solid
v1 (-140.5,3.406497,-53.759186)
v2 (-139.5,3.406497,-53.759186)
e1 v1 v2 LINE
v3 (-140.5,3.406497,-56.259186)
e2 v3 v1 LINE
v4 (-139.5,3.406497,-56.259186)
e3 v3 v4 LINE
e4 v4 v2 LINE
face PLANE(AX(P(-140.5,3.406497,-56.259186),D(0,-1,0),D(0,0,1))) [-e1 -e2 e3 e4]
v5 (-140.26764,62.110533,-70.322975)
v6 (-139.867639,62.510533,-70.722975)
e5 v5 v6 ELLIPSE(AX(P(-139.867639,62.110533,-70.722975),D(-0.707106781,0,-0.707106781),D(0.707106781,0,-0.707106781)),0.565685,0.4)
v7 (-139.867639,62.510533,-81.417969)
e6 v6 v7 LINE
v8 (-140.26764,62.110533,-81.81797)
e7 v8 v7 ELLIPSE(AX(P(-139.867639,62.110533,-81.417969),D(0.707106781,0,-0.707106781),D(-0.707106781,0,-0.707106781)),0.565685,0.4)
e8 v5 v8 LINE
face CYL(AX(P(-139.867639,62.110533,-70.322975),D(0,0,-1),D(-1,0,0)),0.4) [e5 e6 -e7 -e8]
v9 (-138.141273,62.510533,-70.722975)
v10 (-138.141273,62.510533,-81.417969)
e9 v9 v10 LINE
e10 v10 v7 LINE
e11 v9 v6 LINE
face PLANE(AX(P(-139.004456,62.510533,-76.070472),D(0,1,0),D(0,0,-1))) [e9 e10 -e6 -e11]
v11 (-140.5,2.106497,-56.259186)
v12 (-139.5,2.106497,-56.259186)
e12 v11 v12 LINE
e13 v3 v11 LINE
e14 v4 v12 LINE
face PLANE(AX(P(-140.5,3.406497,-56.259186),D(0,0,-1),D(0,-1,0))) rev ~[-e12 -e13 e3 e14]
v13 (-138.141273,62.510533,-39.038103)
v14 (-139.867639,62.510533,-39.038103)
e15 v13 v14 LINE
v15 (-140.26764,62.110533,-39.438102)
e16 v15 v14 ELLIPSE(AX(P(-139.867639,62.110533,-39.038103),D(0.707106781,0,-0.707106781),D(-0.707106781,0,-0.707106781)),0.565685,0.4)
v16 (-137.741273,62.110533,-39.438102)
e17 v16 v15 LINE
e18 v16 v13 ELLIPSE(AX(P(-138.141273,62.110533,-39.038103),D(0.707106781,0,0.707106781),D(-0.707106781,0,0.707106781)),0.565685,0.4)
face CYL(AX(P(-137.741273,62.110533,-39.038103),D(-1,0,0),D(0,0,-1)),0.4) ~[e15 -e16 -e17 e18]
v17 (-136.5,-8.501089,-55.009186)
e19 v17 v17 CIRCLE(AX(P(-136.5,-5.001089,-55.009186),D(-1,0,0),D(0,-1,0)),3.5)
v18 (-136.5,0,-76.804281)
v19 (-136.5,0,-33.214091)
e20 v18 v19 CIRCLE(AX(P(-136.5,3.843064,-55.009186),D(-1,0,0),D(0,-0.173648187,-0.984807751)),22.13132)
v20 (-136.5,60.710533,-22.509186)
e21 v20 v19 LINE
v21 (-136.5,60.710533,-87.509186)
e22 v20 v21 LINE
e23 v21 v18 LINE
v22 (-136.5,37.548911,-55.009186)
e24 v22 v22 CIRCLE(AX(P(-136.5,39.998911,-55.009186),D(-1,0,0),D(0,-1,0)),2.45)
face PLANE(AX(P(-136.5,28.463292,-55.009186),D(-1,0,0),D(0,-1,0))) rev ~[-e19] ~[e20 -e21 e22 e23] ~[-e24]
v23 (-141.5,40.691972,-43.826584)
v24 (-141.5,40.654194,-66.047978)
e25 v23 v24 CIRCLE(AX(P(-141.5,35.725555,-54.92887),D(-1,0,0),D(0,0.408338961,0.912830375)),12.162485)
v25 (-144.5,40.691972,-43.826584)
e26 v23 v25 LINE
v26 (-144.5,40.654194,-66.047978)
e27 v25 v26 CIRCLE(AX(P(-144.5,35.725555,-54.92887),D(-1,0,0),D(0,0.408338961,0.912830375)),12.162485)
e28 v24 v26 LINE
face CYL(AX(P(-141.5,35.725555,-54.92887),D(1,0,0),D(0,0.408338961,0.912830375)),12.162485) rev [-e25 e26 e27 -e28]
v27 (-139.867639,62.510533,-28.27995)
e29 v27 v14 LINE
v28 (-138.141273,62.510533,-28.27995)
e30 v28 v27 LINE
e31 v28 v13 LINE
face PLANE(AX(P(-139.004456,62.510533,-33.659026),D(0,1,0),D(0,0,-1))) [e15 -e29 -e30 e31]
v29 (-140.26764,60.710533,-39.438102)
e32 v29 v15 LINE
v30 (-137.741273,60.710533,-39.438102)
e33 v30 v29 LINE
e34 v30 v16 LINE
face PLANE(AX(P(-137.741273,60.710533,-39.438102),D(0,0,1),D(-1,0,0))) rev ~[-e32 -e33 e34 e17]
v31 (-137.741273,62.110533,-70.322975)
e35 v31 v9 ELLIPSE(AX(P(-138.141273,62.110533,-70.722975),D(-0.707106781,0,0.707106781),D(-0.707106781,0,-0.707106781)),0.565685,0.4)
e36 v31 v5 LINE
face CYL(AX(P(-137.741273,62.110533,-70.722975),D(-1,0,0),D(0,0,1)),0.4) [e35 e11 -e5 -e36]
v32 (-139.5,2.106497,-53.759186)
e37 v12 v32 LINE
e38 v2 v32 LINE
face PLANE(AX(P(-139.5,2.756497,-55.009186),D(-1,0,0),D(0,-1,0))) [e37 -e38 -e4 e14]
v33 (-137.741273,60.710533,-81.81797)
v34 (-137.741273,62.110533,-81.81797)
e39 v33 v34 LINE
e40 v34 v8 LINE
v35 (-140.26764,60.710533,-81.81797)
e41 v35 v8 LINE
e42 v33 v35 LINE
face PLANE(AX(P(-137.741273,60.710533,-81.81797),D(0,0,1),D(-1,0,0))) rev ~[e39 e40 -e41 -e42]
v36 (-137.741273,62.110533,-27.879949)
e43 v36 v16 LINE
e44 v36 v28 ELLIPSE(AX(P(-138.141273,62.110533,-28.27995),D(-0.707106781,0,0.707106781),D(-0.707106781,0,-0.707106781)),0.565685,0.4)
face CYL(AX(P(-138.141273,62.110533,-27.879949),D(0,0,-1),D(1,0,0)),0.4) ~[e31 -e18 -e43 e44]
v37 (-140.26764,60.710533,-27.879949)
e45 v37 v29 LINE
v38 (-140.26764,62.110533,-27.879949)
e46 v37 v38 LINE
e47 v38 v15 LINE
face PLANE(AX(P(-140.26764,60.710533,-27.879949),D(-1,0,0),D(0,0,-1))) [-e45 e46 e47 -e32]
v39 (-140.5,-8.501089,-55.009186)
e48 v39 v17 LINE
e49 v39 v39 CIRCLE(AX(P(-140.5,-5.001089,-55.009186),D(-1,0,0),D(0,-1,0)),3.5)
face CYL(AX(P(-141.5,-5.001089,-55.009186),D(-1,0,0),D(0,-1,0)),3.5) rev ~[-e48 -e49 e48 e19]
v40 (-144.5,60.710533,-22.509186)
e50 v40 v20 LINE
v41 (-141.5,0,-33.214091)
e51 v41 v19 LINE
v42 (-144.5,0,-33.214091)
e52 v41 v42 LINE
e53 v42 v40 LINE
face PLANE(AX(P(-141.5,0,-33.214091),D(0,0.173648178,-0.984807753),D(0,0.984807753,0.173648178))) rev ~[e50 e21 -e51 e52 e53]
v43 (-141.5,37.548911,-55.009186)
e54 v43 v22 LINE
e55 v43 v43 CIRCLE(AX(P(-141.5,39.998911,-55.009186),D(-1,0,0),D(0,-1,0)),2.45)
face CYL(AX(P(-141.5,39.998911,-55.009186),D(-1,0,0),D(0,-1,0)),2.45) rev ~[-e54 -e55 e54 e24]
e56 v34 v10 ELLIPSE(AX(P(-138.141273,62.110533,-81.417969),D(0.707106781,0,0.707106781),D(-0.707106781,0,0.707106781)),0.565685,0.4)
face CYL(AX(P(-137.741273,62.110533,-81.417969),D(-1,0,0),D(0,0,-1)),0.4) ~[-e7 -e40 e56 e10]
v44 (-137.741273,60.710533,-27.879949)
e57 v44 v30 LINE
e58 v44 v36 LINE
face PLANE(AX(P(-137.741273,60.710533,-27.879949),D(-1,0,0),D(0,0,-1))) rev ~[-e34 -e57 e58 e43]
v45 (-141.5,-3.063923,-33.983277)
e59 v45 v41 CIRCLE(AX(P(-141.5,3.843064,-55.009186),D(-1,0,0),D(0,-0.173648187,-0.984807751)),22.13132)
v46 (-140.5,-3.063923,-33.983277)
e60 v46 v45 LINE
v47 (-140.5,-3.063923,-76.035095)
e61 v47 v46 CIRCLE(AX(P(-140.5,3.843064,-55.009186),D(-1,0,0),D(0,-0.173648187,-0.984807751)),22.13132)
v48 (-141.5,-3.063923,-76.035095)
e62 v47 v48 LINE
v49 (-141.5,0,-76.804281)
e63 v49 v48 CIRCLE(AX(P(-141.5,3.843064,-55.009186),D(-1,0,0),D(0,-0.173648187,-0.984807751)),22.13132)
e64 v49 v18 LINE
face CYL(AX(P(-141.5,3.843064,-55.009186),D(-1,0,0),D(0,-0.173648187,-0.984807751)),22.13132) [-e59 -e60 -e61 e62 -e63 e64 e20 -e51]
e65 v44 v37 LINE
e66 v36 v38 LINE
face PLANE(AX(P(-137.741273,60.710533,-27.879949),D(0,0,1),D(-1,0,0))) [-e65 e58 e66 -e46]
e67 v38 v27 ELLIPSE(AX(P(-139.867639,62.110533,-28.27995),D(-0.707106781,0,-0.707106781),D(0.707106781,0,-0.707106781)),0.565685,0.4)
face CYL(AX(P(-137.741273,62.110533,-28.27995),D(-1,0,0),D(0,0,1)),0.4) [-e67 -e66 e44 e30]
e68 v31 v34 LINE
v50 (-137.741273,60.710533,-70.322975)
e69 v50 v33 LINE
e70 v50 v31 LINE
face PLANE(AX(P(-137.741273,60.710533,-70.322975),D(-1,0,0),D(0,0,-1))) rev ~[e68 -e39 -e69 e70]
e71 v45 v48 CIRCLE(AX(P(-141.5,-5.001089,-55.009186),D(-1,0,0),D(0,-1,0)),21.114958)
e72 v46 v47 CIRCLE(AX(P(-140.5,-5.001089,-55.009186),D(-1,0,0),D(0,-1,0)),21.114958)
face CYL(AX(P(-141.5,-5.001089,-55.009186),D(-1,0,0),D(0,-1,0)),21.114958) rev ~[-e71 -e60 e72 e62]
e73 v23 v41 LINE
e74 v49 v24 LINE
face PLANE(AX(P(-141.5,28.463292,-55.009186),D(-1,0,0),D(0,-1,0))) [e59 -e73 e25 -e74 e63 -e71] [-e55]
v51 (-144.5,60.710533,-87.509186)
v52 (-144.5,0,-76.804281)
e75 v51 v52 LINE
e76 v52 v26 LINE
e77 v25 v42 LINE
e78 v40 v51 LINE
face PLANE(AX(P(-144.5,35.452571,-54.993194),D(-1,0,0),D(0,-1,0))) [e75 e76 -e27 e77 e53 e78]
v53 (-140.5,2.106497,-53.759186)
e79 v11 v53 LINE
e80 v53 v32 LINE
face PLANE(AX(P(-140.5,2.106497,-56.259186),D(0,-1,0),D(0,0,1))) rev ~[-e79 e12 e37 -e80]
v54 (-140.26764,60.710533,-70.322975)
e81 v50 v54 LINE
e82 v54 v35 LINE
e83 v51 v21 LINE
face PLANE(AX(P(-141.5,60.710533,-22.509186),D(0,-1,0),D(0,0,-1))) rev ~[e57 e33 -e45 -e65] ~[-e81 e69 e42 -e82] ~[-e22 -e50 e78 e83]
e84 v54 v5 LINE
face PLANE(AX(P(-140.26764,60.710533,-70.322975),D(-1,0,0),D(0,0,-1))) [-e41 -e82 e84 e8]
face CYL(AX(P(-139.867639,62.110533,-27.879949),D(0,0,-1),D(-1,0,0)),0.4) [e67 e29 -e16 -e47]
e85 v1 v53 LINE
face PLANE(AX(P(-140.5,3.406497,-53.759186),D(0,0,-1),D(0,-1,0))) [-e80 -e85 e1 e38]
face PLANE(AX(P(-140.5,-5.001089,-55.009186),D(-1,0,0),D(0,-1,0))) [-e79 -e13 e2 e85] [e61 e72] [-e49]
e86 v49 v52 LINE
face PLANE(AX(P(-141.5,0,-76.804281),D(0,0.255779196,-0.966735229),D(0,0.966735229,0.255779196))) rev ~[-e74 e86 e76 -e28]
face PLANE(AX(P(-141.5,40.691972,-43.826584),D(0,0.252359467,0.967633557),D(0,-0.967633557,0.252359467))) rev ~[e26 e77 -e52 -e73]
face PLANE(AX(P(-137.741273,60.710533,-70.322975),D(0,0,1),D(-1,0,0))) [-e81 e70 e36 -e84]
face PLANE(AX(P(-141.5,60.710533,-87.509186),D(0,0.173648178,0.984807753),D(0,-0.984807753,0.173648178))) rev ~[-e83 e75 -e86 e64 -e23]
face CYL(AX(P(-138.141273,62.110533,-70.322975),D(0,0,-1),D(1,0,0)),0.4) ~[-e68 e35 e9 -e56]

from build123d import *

# Parameters (mm, degrees)
SKETCH029_R     = 3.5
SKETCH029_R_2   = 2.45
PAD016_DEPTH    = 5
PAD017_DEPTH    = 3
SKETCH032_R     = 21.114958
POCKET017_DEPTH = 1
SKETCH033_W     = 11.558153
SKETCH033_H     = 2.526367
SKETCH033_W_2   = 11.494995
PAD018_DEPTH    = 1.8
SKETCH034_W     = 1.3
SKETCH034_H     = 2.5
POCKET018_DEPTH = 1
FILLET002_R     = 0.4


with BuildPart() as part:
    # Sketch029 (on DatumPlane) → Pad016 (new body)
    with BuildSketch(Plane(origin=(-141.5, 0, 0), x_dir=(0, -1, 0), z_dir=(-1, 0, 0))):
        with BuildLine():
            Line((-60.710533, -22.509186), (-60.710533, -87.509186))
            Line((-60.710533, -87.509186), (0, -76.804281))
            ThreePointArc((0, -76.804281), (18.288256, -55.009186), (0, -33.214091))
            Line((-60.710533, -22.509186), (0, -33.214091))
        make_face()
        with Locations((5.001089, -55.009186)):
            Circle(SKETCH029_R, mode=Mode.SUBTRACT)
        with Locations((-39.998911, -55.009186)):
            Circle(SKETCH029_R_2, mode=Mode.SUBTRACT)
    extrude(amount=-PAD016_DEPTH)

    # Sketch031 (on Face7 of Pad016) → Pad017 (join)
    with BuildSketch(Plane(origin=(-141.5, 0, 0), x_dir=(0, -1, 0), z_dir=(-1, 0, 0))):
        with BuildLine():
            Line((0, -76.804281), (-40.654194, -66.047978))
            ThreePointArc((-40.691972, -43.826584), (-47.888023, -54.949547), (-40.654194, -66.047978))
            Line((-40.691972, -43.826584), (0, -33.214091))
            Line((0, -33.214091), (-60.710533, -22.509186))
            Line((-60.710533, -22.509186), (-60.710533, -87.509186))
            Line((-60.710533, -87.509186), (0, -76.804281))
        make_face()
    extrude(amount=PAD017_DEPTH)

    # Sketch032 (on Face12 of Pad017) → Pocket017 (cut)
    with BuildSketch(Plane(origin=(-141.5, 0, 0), x_dir=(0, -1, 0), z_dir=(-1, 0, 0))):
        with Locations((5.001089, -55.009186)):
            Circle(SKETCH032_R)
    extrude(amount=-POCKET017_DEPTH, mode=Mode.SUBTRACT)

    # Sketch033 (on Face1 of Pocket017) → Pad018 (join)
    with BuildSketch(Plane(origin=(-155, 60.710533, 0), x_dir=(0, 0, -1), z_dir=(0, 1, 0))):
        with Locations((33.659026, -15.995544)):
            Rectangle(SKETCH033_W, SKETCH033_H)
        with Locations((76.070472, -15.995544)):
            Rectangle(SKETCH033_W_2, SKETCH033_H)
    extrude(amount=PAD018_DEPTH)

    # Sketch034 (on Face24 of Pad018) → Pocket018 (cut)
    with BuildSketch(Plane(origin=(-140.5, 0, 0), x_dir=(0, -1, 0), z_dir=(-1, 0, 0))):
        with Locations((-2.756497, -55.009186)):
            Rectangle(SKETCH034_W, SKETCH034_H)
    extrude(amount=-POCKET018_DEPTH, mode=Mode.SUBTRACT)

    # Fillet002
    fillet002_edges = [part.edges().sort_by_distance(p)[0] for p in [
        (-140.267639, 62.510533, -76.070473),
        (-139.004456, 62.510533, -81.81797),
        (-137.741272, 62.510533, -76.070473),
        (-139.004456, 62.510533, -70.322975),
        (-140.267639, 62.510533, -33.659027),
        (-139.004456, 62.510533, -39.438103),
        (-137.741272, 62.510533, -33.659027),
        (-139.004456, 62.510533, -27.87995),
    ]]
    fillet(fillet002_edges, radius=FILLET002_R)


solid = part.part
